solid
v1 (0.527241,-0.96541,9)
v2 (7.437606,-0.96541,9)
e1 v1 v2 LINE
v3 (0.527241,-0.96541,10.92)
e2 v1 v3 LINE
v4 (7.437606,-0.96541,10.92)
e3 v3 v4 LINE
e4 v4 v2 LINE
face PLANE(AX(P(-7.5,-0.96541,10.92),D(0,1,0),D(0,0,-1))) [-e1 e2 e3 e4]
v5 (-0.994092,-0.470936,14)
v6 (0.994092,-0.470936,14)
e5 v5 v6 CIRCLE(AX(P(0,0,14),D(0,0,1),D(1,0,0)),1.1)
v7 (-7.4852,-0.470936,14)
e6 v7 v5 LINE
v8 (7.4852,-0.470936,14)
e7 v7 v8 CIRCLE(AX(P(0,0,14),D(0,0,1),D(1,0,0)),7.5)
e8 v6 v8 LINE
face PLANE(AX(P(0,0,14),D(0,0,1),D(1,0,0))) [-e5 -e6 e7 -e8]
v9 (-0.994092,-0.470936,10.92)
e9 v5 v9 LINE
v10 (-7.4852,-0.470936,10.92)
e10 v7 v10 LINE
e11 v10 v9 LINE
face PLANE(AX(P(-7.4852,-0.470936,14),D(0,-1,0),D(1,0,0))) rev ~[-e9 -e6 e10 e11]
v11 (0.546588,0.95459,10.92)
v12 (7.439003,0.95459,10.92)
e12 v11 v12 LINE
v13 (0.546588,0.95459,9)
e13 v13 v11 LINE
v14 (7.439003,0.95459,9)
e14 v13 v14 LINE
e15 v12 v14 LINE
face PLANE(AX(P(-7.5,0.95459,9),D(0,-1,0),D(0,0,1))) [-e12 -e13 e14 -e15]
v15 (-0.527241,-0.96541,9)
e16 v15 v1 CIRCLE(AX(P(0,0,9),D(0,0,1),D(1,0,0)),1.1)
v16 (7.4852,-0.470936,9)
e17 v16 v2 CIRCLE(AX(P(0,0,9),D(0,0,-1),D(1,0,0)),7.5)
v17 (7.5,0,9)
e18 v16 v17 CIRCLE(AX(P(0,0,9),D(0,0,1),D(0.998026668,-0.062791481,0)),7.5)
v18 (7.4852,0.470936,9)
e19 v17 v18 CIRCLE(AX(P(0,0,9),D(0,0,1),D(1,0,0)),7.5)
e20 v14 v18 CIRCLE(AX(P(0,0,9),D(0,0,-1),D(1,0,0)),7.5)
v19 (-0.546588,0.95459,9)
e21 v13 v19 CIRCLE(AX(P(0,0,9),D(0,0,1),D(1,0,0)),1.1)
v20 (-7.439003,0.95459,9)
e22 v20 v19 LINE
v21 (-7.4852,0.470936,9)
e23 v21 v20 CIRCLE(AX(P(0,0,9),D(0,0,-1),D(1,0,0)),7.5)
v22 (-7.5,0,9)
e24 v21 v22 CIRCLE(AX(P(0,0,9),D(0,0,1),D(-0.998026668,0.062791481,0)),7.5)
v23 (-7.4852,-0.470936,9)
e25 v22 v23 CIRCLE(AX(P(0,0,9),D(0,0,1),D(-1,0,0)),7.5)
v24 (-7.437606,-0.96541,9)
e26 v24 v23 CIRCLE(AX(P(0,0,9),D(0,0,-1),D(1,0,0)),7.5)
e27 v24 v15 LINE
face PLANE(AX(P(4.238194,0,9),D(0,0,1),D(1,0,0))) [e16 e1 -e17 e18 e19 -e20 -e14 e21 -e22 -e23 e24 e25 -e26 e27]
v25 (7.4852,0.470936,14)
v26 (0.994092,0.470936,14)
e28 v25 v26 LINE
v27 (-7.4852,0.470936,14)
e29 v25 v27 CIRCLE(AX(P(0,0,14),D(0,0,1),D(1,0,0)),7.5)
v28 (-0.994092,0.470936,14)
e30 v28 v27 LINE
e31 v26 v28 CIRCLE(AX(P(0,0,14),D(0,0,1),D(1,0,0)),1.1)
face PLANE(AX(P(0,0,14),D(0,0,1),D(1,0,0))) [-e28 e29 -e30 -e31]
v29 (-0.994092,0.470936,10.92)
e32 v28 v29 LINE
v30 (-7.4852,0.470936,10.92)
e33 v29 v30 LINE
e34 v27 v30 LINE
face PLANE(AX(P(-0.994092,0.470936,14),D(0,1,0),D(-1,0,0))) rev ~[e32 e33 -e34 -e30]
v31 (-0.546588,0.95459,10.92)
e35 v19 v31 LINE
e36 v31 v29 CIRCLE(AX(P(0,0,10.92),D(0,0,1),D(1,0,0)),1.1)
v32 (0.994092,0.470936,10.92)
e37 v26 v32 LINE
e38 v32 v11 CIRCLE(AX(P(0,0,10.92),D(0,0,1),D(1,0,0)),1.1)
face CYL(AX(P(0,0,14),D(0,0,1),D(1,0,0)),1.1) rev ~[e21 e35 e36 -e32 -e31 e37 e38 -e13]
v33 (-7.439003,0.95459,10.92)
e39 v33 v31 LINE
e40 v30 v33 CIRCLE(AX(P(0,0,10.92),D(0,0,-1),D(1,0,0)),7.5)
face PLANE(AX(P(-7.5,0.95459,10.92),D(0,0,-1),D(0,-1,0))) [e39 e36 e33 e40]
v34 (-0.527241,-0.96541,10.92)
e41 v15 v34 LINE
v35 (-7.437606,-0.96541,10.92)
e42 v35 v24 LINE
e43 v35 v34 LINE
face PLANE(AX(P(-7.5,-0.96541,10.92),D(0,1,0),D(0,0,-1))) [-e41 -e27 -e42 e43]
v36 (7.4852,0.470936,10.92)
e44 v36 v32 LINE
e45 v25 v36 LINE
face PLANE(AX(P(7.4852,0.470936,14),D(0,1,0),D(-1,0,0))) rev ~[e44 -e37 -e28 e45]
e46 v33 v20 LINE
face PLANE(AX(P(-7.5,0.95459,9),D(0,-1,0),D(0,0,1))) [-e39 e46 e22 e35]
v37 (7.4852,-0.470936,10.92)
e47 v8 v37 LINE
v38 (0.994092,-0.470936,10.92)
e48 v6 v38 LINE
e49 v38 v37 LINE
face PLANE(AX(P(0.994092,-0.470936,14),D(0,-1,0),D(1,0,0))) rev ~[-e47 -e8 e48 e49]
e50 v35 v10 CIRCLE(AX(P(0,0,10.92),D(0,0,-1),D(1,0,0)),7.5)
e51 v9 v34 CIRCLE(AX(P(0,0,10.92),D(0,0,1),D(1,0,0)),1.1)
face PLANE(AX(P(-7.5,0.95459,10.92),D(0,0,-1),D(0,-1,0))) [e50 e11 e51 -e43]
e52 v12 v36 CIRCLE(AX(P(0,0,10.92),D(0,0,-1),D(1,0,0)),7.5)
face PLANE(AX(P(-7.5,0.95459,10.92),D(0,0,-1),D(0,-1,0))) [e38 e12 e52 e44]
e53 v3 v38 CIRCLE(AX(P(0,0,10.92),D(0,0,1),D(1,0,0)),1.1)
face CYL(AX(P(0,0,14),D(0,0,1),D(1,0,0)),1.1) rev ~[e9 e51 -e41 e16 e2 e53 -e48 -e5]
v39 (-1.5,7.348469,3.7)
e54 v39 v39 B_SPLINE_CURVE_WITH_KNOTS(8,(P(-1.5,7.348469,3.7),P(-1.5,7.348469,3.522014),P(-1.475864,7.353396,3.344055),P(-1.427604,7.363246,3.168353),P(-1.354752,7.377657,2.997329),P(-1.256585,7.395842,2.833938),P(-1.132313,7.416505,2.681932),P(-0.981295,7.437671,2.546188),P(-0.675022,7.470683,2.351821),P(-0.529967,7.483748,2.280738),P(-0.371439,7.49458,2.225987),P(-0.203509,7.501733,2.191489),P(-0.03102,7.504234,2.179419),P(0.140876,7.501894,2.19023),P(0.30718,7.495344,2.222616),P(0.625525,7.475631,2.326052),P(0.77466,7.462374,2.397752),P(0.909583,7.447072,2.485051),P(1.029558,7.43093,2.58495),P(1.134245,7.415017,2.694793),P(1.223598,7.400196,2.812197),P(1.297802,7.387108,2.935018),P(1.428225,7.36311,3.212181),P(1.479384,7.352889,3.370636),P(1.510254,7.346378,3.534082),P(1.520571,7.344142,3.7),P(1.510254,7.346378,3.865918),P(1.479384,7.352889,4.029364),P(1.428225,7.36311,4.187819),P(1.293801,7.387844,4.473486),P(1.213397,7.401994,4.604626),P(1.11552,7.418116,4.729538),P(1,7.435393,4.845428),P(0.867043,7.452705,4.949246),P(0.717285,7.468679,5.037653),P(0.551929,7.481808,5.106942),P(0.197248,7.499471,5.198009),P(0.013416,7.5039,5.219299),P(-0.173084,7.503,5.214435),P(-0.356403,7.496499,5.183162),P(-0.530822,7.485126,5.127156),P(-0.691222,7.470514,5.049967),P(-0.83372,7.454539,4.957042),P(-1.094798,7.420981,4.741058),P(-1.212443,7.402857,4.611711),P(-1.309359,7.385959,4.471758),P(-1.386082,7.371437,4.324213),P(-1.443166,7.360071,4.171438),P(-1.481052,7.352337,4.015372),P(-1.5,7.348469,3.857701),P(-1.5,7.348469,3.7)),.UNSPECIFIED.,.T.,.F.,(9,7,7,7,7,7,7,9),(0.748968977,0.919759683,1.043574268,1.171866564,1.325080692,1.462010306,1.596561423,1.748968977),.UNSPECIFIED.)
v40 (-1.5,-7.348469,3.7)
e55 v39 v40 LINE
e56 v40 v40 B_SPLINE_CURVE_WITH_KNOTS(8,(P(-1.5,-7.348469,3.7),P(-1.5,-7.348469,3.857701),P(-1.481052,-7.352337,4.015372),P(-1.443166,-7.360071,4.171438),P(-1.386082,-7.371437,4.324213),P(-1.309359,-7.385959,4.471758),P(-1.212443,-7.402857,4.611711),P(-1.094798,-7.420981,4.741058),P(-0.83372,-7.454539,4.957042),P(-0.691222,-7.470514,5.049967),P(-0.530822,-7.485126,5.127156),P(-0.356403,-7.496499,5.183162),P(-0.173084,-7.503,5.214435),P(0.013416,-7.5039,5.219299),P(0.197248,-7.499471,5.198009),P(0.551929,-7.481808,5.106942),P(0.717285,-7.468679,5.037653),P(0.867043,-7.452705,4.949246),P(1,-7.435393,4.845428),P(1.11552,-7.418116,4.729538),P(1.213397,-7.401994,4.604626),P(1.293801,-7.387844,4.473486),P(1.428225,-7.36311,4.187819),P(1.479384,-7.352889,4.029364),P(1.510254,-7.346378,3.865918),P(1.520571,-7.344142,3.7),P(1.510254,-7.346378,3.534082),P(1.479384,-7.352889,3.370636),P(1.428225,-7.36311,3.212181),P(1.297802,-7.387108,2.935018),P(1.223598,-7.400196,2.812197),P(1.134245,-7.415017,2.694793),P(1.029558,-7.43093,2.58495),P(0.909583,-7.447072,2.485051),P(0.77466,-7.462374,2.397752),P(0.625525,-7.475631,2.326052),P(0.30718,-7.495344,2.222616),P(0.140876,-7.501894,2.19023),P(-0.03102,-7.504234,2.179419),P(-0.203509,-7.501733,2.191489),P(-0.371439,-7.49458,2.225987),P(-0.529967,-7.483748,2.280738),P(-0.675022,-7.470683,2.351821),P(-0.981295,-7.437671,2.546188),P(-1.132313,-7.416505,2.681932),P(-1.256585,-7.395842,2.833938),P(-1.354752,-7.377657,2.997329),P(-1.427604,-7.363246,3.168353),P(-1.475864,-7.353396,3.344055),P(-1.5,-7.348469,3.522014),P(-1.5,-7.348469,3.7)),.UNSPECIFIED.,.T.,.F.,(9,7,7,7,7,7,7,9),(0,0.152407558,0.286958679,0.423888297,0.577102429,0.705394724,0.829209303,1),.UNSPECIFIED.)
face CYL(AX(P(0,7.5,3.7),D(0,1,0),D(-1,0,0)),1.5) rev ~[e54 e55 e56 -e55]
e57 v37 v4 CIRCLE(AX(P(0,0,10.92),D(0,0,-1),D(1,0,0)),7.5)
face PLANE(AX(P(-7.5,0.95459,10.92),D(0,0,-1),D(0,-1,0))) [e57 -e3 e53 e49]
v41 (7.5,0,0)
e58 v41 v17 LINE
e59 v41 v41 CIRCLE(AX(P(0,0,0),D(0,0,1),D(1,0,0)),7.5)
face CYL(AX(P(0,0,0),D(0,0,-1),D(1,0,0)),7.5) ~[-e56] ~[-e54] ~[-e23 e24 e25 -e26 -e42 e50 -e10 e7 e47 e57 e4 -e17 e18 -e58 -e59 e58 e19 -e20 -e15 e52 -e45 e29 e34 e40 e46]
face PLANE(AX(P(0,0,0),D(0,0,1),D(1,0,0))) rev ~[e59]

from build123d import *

# Parameters (mm, degrees)
F0_R      = 7.5
F1_DEPTH  = 14
F4_R      = 1.5
F5_DEPTH  = 15.001
F6_R      = 1.1
F7_DEPTH  = 5
F9_DEPTH  = 5
F13_DEPTH = 15.0010001


with BuildPart() as f1:
    # F0 (on Top) → F1 (new body)
    with BuildSketch(Plane.XY):
        Circle(F0_R)
    extrude(amount=F1_DEPTH)

    # F4 (on line) → F5 (cut, through all)
    with BuildSketch(Plane(origin=(0, 7.5, 0), x_dir=(-1, 0, 0), z_dir=(0, 1, 0))):
        with Locations((0, 3.7)):
            Circle(F4_R)
    extrude(amount=-F5_DEPTH, mode=Mode.SUBTRACT)

    # F6 (on face) → F7 (cut)
    with BuildSketch(Plane.XY.offset(14)):
        Circle(F6_R)
    extrude(amount=-F7_DEPTH, mode=Mode.SUBTRACT)

    # F8 (on face) → F9 (cut, through all)
    with BuildSketch(Plane.XY.offset(14)):
        with BuildLine():
            ThreePointArc((-7.5, 0), (-7.4962990893, -0.2355843037), (-7.4852000096, -0.470936107))
            Line((-7.4852000096, -0.470936107), (-0.9940921402, -0.470936107))
            ThreePointArc((-0.9940921402, -0.470936107), (-1.1, 0), (-0.9940921402, 0.470936107))
            Line((-0.9940921402, 0.470936107), (-7.4852000096, 0.470936107))
            ThreePointArc((-7.4852000096, 0.470936107), (-7.4962990893, 0.2355843037), (-7.5, 0))
        make_face()
        with BuildLine():
            Line((0.9940921402, -0.470936107), (7.4852000096, -0.470936107))
            ThreePointArc((7.4852000096, -0.470936107), (7.4962990893, -0.2355843037), (7.5, 0))
            ThreePointArc((7.5, 0), (7.4962990893, 0.2355843037), (7.4852000096, 0.470936107))
            Line((7.4852000096, 0.470936107), (0.9940921402, 0.470936107))
            ThreePointArc((0.9940921402, 0.470936107), (1.0731964765, 0.241348965), (1.1, 0))
            ThreePointArc((1.1, 0), (1.0731964765, -0.241348965), (0.9940921402, -0.470936107))
        make_face()
    extrude(amount=-F9_DEPTH, mode=Mode.SUBTRACT)

    # F12 (on line) → F13 (cut, through all)
    with BuildSketch(Plane.YZ.offset(-7.5)):
        Polygon((-0.9654102032, 9), (-0.470936107, 9), (0.470936107, 9), (0.9545897968, 9), (0.9545897968, 10.92), (-0.9654102032, 10.92), align=None)
    extrude(amount=F13_DEPTH, mode=Mode.SUBTRACT)


solid = f1.part
